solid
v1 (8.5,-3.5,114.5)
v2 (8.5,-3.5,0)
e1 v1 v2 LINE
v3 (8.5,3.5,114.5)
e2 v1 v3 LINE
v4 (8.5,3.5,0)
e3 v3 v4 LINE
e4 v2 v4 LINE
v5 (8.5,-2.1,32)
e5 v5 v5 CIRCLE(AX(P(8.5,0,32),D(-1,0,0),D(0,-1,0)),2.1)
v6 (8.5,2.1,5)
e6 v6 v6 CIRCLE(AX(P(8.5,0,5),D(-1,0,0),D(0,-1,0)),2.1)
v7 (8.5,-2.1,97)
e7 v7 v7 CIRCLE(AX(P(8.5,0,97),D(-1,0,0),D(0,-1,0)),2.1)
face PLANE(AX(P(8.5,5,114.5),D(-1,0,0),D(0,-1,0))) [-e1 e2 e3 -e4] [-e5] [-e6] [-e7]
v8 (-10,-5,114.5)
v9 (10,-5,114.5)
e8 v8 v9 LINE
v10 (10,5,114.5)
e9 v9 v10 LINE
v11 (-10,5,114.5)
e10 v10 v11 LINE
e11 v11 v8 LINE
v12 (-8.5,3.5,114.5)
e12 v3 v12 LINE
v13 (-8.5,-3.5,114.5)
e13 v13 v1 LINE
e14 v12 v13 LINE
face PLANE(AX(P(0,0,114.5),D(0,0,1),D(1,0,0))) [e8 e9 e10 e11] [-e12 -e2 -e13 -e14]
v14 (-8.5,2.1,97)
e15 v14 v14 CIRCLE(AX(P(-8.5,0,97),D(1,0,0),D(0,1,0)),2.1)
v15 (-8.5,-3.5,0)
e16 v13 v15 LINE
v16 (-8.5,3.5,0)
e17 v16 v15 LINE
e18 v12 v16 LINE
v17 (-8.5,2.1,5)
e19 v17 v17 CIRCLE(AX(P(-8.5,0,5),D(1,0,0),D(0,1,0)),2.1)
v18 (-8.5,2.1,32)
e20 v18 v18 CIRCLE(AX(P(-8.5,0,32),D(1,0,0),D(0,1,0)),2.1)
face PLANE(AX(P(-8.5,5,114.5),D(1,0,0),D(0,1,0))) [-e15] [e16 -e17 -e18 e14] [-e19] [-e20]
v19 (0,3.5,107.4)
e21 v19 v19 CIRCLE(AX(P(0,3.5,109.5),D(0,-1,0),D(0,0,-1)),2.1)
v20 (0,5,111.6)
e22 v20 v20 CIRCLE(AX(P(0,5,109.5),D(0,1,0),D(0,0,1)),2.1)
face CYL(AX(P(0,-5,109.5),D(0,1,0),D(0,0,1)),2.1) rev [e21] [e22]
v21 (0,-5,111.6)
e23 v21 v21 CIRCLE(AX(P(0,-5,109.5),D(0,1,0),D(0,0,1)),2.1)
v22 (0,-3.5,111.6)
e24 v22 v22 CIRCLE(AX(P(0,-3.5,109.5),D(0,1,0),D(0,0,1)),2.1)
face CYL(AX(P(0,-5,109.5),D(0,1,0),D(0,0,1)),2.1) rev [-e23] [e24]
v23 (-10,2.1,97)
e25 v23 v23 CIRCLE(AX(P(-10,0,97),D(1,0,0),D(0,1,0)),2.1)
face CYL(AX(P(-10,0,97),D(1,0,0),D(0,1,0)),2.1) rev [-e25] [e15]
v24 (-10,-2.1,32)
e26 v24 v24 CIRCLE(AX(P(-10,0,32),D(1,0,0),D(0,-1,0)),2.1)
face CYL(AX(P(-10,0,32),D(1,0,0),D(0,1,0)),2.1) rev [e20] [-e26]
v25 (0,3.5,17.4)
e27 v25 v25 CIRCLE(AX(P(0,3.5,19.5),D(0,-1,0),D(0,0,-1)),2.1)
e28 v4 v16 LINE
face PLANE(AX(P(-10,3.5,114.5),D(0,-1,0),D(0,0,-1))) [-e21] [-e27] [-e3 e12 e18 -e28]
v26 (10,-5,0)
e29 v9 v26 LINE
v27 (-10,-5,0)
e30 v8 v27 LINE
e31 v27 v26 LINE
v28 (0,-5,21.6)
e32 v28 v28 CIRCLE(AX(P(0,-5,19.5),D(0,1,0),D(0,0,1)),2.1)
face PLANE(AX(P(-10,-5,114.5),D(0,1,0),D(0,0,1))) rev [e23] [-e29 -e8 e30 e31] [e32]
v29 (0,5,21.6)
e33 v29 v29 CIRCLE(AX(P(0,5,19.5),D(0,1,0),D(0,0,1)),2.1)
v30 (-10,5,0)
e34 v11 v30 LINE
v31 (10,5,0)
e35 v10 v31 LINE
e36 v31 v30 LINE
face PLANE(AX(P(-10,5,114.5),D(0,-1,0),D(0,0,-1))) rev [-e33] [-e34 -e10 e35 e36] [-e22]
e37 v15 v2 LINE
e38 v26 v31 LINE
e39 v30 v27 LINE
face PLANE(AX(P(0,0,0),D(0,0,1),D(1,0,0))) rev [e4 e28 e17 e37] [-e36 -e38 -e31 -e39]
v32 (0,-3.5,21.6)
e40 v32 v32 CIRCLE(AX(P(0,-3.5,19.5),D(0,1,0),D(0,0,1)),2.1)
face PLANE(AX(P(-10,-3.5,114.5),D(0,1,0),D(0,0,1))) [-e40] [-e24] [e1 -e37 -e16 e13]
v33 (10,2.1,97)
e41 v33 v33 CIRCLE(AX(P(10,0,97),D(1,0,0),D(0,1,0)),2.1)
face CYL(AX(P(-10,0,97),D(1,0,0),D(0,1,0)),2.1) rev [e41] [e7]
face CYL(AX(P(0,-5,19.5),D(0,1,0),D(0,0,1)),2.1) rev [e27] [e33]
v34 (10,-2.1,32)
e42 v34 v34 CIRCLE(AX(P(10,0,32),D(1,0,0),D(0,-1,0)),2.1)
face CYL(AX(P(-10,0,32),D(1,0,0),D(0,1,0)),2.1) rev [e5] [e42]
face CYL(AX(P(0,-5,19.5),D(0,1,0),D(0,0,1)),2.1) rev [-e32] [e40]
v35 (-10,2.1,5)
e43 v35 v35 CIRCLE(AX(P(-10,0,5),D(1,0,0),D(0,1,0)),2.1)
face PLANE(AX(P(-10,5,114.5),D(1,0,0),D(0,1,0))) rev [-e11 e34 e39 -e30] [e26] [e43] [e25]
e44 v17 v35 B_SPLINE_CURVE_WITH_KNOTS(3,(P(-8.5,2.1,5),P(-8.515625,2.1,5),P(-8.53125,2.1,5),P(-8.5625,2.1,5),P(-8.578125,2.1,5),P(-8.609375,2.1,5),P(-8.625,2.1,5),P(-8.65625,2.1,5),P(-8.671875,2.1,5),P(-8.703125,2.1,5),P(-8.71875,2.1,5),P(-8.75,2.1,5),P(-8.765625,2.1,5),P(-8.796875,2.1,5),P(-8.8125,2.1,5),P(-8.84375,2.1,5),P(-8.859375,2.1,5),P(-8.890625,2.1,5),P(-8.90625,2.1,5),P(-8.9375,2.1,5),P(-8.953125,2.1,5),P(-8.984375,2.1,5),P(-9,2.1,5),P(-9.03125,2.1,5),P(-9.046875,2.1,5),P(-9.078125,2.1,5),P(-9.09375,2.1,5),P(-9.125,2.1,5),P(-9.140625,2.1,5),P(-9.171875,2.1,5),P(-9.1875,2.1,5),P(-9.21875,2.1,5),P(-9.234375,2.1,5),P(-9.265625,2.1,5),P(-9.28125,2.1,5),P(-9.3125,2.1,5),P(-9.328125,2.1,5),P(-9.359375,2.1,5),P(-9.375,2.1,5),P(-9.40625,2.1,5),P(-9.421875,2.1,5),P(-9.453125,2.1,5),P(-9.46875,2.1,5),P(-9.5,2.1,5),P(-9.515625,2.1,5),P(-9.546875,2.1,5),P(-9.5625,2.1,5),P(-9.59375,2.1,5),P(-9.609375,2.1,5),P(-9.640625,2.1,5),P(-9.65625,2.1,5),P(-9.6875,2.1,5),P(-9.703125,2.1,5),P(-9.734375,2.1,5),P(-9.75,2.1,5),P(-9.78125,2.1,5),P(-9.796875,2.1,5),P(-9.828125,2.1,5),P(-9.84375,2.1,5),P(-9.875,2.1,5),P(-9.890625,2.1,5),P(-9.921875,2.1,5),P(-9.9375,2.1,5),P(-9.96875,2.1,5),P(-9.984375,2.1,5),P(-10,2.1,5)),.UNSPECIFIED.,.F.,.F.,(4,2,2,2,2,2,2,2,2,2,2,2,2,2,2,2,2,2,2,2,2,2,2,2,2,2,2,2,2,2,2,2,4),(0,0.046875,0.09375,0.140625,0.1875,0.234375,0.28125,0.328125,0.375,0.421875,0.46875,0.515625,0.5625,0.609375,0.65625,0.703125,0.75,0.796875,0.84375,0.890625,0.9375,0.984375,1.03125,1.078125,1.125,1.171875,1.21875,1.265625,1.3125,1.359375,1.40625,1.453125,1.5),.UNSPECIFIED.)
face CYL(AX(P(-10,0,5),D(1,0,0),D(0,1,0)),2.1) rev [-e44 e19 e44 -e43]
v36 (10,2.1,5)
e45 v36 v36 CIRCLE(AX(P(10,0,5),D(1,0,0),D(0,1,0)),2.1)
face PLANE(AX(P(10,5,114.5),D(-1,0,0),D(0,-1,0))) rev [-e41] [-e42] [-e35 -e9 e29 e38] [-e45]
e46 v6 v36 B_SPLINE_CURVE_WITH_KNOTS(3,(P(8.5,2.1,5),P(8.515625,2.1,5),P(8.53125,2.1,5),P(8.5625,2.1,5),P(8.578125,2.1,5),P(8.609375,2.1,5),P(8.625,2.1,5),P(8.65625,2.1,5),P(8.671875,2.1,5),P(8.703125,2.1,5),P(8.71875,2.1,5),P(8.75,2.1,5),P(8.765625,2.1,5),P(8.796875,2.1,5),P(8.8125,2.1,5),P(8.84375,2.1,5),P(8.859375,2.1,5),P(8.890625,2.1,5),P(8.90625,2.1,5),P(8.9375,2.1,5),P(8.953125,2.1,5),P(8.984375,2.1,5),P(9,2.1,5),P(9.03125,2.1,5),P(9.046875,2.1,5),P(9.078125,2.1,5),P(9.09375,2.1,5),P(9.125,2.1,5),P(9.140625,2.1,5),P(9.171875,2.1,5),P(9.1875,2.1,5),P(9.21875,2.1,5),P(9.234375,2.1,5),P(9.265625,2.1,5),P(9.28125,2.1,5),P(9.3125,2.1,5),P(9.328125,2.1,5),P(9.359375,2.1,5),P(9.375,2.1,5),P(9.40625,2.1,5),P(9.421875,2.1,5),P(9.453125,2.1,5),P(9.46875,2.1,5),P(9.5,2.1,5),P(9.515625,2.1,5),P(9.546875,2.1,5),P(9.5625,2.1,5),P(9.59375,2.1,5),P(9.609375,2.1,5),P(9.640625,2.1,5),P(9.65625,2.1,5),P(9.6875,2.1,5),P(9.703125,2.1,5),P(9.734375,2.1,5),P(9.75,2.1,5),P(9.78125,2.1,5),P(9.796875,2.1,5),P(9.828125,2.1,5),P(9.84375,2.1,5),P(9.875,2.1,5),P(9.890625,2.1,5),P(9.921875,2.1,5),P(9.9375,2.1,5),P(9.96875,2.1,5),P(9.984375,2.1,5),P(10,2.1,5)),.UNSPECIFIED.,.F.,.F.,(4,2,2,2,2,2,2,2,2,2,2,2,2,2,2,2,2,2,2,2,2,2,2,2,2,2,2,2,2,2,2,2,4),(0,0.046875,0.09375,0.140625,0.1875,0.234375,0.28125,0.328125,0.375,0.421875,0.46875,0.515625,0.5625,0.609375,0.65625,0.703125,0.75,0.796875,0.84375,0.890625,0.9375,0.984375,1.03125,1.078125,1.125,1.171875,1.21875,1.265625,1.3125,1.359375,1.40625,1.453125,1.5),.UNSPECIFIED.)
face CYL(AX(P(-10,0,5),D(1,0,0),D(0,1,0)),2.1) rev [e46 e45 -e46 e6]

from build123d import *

# Parameters (mm, degrees)
SKETCH_1_W          = 20
SKETCH_1_H          = 10
SKETCH_1_W_2        = 17
SKETCH_1_H_2        = 7
EXTRUDE_1_DEPTH     = 114.5
SKETCH_2_R          = 2.1
CUT_EXTRUDE_1_DEPTH = 117.341093342
SKETCH_3_R          = 2.1
CUT_EXTRUDE_2_DEPTH = 117.341093342
SKETCH_4_R          = 2.1
CUT_EXTRUDE_3_DEPTH = 116.370056774


with BuildPart() as part:
    # ｽｹｯﾁ1 → 押し出し-薄板1 (new body)
    with BuildSketch(Plane.XY):
        Rectangle(SKETCH_1_W, SKETCH_1_H)
        Rectangle(SKETCH_1_W_2, SKETCH_1_H_2, mode=Mode.SUBTRACT)
    extrude(amount=EXTRUDE_1_DEPTH)

    # ｽｹｯﾁ2 → ｶｯﾄ - 押し出し1 (cut, through all)
    with BuildSketch(Plane(origin=(10, 0, 0), x_dir=(0, 0, -1), z_dir=(1, 0, 0))):
        with Locations(Location((-97, 0, 0), (0, 0, 90))):
            Circle(SKETCH_2_R)
        with Locations(Location((-32, 0, 0), (0, 0, 90))):
            Circle(SKETCH_2_R)
    extrude(amount=-CUT_EXTRUDE_1_DEPTH, mode=Mode.SUBTRACT)

    # ｽｹｯﾁ3 → ｶｯﾄ - 押し出し2 (cut, through all)
    with BuildSketch(Plane(origin=(10, 0, 0), x_dir=(0, 0, -1), z_dir=(1, 0, 0))):
        with Locations(Location((-5, 0, 0), (0, 0, 90))):
            Circle(SKETCH_3_R)
    extrude(amount=-CUT_EXTRUDE_2_DEPTH, mode=Mode.SUBTRACT)

    # ｽｹｯﾁ4 → ｶｯﾄ - 押し出し3 (cut, through all)
    with BuildSketch(Plane(origin=(0, 5, 0), x_dir=(1, 0, 0), z_dir=(0, 1, 0))):
        with Locations(Location((0, -19.5, 0), (0, 0, 270))):
            Circle(SKETCH_4_R)
        with Locations(Location((0, -109.5, 0), (0, 0, 270))):
            Circle(SKETCH_4_R)
    extrude(amount=-CUT_EXTRUDE_3_DEPTH, mode=Mode.SUBTRACT)


solid = part.part
